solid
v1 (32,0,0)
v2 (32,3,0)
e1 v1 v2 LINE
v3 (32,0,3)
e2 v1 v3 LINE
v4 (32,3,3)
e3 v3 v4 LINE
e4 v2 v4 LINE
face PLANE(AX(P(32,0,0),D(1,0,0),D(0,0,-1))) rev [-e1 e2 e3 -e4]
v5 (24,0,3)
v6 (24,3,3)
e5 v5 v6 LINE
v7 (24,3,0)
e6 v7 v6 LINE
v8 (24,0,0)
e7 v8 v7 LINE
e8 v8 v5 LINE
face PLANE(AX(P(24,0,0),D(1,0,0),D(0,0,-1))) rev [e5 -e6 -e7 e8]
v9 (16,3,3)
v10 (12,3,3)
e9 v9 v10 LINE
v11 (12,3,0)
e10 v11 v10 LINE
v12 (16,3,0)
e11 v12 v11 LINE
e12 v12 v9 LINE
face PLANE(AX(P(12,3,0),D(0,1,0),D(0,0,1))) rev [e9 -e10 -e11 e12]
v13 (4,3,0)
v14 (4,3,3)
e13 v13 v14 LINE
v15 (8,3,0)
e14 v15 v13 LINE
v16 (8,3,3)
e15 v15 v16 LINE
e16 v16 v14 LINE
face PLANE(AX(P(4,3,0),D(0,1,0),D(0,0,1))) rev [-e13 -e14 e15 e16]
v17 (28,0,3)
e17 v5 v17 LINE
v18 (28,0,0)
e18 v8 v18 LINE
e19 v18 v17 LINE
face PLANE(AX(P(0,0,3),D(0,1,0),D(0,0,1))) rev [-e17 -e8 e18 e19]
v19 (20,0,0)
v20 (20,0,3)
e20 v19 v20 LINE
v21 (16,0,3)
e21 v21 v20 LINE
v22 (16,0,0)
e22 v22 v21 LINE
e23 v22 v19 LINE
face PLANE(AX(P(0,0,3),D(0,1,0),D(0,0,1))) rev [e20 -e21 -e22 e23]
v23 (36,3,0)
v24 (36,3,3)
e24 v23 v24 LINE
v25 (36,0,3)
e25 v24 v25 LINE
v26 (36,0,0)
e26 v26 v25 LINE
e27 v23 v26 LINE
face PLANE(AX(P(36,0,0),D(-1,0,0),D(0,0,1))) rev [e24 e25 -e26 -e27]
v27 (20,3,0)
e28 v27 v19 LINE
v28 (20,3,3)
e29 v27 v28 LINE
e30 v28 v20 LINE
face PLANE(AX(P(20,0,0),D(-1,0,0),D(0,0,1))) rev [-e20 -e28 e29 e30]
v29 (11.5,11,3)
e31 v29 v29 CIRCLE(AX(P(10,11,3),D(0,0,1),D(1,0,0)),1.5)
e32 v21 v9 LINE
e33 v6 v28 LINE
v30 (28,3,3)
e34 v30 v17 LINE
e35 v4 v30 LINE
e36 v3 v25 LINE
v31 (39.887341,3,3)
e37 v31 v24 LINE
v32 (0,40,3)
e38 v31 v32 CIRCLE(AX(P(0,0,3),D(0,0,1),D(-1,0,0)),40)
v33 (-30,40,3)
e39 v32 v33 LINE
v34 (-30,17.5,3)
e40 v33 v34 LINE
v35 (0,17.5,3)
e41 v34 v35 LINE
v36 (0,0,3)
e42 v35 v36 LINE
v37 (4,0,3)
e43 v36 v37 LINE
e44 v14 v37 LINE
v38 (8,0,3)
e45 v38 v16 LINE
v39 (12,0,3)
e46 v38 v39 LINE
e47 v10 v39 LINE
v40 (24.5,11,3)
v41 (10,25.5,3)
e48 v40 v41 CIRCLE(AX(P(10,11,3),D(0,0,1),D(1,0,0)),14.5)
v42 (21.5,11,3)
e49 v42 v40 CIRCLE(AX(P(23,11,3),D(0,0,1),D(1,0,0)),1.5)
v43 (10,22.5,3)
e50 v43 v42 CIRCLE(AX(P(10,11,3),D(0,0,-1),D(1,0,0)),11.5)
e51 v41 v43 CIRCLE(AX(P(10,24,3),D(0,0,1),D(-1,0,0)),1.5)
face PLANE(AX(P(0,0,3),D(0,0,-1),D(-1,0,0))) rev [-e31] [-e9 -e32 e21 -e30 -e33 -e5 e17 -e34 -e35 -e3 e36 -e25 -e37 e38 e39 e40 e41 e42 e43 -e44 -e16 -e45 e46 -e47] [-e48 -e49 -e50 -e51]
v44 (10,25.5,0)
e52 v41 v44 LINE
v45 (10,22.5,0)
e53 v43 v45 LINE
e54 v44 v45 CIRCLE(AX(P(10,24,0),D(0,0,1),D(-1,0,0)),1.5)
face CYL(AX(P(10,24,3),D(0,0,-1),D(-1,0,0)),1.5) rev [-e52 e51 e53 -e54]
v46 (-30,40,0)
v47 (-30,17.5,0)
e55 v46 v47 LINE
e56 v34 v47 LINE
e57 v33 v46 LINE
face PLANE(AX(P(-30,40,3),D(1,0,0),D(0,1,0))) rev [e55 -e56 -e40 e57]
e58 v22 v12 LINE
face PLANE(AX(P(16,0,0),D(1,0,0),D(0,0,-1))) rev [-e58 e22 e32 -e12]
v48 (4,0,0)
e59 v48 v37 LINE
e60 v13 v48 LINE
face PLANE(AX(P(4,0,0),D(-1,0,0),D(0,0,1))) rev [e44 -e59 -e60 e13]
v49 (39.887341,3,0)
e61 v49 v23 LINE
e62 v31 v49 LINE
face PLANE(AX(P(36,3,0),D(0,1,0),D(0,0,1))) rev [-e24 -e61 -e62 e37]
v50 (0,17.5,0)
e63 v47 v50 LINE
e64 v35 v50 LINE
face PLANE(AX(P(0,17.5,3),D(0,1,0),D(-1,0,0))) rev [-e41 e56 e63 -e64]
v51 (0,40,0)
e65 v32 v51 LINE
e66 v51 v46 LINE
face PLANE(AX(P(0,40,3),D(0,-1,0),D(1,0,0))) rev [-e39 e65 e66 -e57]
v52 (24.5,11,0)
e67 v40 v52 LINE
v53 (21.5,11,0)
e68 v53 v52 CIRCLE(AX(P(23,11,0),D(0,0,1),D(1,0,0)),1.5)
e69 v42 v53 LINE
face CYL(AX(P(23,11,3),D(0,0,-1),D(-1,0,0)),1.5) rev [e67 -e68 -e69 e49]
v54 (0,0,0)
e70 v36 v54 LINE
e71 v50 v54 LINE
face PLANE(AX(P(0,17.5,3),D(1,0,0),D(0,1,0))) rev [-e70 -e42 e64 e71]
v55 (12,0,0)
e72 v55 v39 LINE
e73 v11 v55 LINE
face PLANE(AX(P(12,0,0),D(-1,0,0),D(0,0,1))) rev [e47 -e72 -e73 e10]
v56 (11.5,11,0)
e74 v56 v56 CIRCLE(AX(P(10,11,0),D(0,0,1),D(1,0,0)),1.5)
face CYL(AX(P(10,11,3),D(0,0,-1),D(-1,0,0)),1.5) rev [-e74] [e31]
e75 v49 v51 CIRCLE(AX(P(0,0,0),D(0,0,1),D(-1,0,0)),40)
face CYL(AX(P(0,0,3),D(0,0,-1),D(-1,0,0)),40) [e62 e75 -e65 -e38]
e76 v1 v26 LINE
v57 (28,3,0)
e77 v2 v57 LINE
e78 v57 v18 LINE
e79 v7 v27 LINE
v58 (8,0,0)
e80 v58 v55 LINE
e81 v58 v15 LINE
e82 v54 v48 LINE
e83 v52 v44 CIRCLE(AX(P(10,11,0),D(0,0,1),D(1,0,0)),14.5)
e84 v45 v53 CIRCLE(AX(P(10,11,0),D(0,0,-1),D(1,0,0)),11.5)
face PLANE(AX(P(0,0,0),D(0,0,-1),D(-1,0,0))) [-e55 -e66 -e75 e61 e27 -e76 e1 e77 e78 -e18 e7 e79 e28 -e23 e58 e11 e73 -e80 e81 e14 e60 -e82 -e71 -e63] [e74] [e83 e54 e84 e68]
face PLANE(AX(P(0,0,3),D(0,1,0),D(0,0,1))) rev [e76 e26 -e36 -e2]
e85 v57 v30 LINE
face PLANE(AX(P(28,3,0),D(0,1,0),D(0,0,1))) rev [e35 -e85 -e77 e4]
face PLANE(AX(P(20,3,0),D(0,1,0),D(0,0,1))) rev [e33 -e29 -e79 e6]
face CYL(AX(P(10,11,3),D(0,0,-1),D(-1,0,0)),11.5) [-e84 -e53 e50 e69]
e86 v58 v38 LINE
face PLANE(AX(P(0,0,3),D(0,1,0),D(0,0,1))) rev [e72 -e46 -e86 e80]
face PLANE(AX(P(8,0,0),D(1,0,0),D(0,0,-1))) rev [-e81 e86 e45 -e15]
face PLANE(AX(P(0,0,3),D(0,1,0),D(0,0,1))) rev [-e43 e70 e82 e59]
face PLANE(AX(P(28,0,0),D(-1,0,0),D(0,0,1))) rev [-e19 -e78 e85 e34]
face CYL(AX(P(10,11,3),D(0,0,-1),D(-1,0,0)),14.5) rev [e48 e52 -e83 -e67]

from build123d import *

# Parameters (mm, degrees)
ESQUISSE1_R                = 1.5
BOSS_EXTRU_1_DEPTH         = 3
ESQUISSE2_W                = 4
ESQUISSE2_H                = 3
ENL_V_MAT_EXTRU_2_DEPTH    = 3
R_P_TITION_LIN_AIRE1_COUNT = 5
R_P_TITION_LIN_AIRE1_PITCH = 8


with BuildPart() as part:
    # Esquisse1 → Boss.-Extru.1 (new body)
    with BuildSketch(Plane.XY):
        with BuildLine():
            Line((0, 17.5), (0, 0))
            Line((0, 0), (40, 0))
            ThreePointArc((40, 0), (28.284271247, 28.284271247), (0, 40))
            Line((0, 40), (-30, 40))
            Line((-30, 40), (-30, 17.5))
            Line((-30, 17.5), (0, 17.5))
        make_face()
        with Locations((10, 11)):
            Circle(ESQUISSE1_R, mode=Mode.SUBTRACT)
        with BuildLine():
            ThreePointArc((10, 22.5), (8.5, 24), (10, 25.5))
            ThreePointArc((10, 25.5), (20.253048327, 21.253048327), (24.5, 11))
            ThreePointArc((24.5, 11), (23, 9.5), (21.5, 11))
            ThreePointArc((21.5, 11), (18.131727984, 19.131727984), (10, 22.5))
        make_face(mode=Mode.SUBTRACT)
    extrude(amount=BOSS_EXTRU_1_DEPTH)

    # Esquisse2 → Enlèv. mat.-Extru.2 (cut)
    with BuildSketch(Plane.XY.offset(3)):
        with Locations((6, 1.5)):
            Rectangle(ESQUISSE2_W, ESQUISSE2_H)
    enl_v_mat_extru_2 = extrude(amount=-ENL_V_MAT_EXTRU_2_DEPTH, mode=Mode.SUBTRACT)

    # Répétition linéaire1: Enlèv. mat.-Extru.2 ×5
    with Locations(*[(i * R_P_TITION_LIN_AIRE1_PITCH, 0, 0) for i in range(1, R_P_TITION_LIN_AIRE1_COUNT)]):
        add(enl_v_mat_extru_2, mode=Mode.SUBTRACT)


solid = part.part
